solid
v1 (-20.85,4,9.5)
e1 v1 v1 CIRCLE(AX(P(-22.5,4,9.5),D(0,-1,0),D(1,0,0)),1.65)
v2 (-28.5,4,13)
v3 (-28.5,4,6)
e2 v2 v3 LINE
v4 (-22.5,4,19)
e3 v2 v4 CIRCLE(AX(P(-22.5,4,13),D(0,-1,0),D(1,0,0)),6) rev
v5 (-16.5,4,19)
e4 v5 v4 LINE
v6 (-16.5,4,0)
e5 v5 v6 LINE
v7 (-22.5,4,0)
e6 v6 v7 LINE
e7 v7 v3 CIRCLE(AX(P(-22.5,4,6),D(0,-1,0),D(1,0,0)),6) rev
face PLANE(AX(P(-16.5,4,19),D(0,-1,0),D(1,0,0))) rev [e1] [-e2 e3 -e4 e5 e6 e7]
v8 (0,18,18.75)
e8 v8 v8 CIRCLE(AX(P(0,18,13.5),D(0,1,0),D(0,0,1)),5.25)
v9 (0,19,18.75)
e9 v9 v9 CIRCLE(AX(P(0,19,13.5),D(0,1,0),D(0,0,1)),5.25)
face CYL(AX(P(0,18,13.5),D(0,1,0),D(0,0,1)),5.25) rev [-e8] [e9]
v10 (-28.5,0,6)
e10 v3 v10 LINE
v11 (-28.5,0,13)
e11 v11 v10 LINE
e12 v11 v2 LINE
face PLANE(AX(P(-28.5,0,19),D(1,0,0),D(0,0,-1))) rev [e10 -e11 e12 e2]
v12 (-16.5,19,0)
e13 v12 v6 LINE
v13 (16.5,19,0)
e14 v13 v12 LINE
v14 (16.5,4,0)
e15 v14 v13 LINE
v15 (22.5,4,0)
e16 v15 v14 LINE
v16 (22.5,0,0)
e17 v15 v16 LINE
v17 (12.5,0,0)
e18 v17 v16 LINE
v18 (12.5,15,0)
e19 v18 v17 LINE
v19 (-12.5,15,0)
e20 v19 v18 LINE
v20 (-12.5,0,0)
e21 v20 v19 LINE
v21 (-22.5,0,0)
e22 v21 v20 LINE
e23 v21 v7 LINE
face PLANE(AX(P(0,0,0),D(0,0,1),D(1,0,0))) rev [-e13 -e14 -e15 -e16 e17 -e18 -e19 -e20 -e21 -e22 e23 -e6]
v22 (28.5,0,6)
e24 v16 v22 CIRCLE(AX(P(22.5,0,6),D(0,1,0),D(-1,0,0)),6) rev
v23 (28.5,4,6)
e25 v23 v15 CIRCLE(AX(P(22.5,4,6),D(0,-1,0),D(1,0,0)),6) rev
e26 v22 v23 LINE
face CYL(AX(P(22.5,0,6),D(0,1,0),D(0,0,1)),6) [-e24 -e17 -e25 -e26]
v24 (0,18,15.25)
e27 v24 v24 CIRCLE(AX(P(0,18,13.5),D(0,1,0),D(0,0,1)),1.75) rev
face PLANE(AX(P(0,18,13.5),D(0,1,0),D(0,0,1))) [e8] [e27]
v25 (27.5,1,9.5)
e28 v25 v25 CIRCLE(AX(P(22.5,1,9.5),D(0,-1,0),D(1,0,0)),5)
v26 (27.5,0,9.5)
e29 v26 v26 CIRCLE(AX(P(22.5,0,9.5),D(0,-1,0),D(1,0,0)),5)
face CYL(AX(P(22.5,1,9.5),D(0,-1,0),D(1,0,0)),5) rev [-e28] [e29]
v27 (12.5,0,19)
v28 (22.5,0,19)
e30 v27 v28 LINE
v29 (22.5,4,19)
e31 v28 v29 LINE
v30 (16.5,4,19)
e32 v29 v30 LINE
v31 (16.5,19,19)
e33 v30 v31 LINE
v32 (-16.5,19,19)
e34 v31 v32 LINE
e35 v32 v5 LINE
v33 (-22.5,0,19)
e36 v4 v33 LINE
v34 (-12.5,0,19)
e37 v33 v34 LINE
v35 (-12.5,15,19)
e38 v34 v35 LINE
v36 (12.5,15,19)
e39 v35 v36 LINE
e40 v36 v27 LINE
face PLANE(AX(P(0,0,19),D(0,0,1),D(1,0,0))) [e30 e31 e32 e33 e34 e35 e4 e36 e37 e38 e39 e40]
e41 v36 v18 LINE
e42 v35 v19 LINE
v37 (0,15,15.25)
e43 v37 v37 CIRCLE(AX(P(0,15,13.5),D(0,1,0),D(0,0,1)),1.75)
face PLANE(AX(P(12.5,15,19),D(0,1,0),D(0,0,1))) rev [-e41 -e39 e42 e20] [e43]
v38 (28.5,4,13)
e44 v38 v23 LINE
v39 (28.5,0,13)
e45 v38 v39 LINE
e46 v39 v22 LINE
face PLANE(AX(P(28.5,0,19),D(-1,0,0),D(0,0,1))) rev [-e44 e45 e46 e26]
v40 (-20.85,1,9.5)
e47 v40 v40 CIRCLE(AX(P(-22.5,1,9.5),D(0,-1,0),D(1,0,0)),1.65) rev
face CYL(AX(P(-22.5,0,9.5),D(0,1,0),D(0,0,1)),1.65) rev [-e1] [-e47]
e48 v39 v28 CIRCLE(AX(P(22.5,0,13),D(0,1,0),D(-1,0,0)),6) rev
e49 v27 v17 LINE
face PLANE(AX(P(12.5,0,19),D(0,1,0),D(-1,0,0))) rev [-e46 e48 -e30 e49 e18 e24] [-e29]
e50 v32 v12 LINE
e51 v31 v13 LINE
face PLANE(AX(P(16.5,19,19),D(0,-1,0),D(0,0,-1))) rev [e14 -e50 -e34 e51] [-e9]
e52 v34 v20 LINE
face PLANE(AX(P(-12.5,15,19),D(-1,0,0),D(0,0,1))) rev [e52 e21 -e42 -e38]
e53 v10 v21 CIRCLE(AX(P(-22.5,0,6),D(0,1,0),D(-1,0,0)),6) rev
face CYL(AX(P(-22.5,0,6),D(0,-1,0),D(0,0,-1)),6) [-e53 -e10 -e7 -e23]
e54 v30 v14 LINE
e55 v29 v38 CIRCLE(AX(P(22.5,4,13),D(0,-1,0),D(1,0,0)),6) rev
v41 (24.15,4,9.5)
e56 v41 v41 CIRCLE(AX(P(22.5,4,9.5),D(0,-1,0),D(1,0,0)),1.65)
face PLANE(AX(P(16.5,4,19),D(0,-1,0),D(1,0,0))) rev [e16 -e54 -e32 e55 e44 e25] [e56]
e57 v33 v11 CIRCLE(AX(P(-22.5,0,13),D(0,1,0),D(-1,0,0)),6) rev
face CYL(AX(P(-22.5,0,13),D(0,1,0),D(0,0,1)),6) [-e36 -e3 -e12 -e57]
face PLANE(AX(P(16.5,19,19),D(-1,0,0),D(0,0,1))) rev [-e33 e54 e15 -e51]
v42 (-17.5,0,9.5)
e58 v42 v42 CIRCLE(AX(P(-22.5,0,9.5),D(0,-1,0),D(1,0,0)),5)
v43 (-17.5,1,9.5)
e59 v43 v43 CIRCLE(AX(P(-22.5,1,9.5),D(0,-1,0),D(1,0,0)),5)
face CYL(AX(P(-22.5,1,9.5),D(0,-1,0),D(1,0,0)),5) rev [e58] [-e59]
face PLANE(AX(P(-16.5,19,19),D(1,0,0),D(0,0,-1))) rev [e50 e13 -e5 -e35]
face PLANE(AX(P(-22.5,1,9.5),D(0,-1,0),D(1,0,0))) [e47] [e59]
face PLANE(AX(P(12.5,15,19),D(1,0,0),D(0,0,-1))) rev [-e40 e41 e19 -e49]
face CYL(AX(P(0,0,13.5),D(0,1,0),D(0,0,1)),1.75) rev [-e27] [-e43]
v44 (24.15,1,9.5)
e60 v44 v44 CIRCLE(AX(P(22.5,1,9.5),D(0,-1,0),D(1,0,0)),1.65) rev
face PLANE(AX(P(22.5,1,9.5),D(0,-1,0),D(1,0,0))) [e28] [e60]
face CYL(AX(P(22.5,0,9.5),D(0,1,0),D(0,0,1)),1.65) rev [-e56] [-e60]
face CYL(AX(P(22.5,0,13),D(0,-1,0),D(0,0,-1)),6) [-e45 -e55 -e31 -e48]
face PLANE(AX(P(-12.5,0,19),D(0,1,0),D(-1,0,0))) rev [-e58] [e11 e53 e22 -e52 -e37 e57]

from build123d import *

# Parameters (mm, degrees)
RESSALTO_EXTRUS_O1_DEPTH   = 19
ESBO_O2_R                  = 1.75
ESBO_O2_R_2                = 1.65
CORTE_EXTRUS_O1_DEPTH      = 1
CORTE_EXTRUS_O1_DEPTH_BACK = 20
FILETE1_R                  = 6
ESBO_O3_R                  = 5
CORTE_EXTRUS_O2_DEPTH      = 1
ESBO_O4_R                  = 5.25
CORTE_EXTRUS_O3_DEPTH      = 1


with BuildPart() as part:
    # Esboço1 → Ressalto-extrusão1 (new body)
    with BuildSketch(Plane.XY):
        Polygon((12.5, 15), (-12.5, 15), (-12.5, 0), (-28.5, 0), (-28.5, 4), (-16.5, 4), (-16.5, 19), (16.5, 19), (16.5, 4), (28.5, 4), (28.5, 0), (12.5, 0), align=None)
    extrude(amount=RESSALTO_EXTRUS_O1_DEPTH)

    # Esboço2 → Corte-extrusão1 (cut, two sides)
    with BuildSketch(Plane(origin=(0, 19, 0), x_dir=(1, 0, 0), z_dir=(0, 1, 0))) as corte_extrus_o1_sk:
        with Locations((0, -13.5)):
            Circle(ESBO_O2_R)
        with Locations((-22.5, -9.5)):
            Circle(ESBO_O2_R_2)
        with Locations((22.5, -9.5)):
            Circle(ESBO_O2_R_2)
    extrude(amount=CORTE_EXTRUS_O1_DEPTH, mode=Mode.SUBTRACT)
    extrude(corte_extrus_o1_sk.sketch, amount=-CORTE_EXTRUS_O1_DEPTH_BACK, mode=Mode.SUBTRACT)

    # Filete1
    filete1_edges = [part.edges().sort_by_distance(p)[0] for p in [
        (28.5, 2, 0),
        (-28.5, 2, 0),
        (-28.5, 2, 19),
        (28.5, 2, 19),
    ]]
    fillet(filete1_edges, radius=FILETE1_R)

    # Esboço3 → Corte-extrusão2 (cut)
    with BuildSketch(Plane.XZ):
        with Locations((-22.5, 9.5)):
            Circle(ESBO_O3_R)
        with Locations((22.5, 9.5)):
            Circle(ESBO_O3_R)
    extrude(amount=-CORTE_EXTRUS_O2_DEPTH, mode=Mode.SUBTRACT)

    # Esboço4 → Corte-extrusão3 (cut)
    with BuildSketch(Plane(origin=(0, 19, 0), x_dir=(1, 0, 0), z_dir=(0, 1, 0))):
        with Locations((0, -13.5)):
            Circle(ESBO_O4_R)
    extrude(amount=-CORTE_EXTRUS_O3_DEPTH, mode=Mode.SUBTRACT)


solid = part.part
